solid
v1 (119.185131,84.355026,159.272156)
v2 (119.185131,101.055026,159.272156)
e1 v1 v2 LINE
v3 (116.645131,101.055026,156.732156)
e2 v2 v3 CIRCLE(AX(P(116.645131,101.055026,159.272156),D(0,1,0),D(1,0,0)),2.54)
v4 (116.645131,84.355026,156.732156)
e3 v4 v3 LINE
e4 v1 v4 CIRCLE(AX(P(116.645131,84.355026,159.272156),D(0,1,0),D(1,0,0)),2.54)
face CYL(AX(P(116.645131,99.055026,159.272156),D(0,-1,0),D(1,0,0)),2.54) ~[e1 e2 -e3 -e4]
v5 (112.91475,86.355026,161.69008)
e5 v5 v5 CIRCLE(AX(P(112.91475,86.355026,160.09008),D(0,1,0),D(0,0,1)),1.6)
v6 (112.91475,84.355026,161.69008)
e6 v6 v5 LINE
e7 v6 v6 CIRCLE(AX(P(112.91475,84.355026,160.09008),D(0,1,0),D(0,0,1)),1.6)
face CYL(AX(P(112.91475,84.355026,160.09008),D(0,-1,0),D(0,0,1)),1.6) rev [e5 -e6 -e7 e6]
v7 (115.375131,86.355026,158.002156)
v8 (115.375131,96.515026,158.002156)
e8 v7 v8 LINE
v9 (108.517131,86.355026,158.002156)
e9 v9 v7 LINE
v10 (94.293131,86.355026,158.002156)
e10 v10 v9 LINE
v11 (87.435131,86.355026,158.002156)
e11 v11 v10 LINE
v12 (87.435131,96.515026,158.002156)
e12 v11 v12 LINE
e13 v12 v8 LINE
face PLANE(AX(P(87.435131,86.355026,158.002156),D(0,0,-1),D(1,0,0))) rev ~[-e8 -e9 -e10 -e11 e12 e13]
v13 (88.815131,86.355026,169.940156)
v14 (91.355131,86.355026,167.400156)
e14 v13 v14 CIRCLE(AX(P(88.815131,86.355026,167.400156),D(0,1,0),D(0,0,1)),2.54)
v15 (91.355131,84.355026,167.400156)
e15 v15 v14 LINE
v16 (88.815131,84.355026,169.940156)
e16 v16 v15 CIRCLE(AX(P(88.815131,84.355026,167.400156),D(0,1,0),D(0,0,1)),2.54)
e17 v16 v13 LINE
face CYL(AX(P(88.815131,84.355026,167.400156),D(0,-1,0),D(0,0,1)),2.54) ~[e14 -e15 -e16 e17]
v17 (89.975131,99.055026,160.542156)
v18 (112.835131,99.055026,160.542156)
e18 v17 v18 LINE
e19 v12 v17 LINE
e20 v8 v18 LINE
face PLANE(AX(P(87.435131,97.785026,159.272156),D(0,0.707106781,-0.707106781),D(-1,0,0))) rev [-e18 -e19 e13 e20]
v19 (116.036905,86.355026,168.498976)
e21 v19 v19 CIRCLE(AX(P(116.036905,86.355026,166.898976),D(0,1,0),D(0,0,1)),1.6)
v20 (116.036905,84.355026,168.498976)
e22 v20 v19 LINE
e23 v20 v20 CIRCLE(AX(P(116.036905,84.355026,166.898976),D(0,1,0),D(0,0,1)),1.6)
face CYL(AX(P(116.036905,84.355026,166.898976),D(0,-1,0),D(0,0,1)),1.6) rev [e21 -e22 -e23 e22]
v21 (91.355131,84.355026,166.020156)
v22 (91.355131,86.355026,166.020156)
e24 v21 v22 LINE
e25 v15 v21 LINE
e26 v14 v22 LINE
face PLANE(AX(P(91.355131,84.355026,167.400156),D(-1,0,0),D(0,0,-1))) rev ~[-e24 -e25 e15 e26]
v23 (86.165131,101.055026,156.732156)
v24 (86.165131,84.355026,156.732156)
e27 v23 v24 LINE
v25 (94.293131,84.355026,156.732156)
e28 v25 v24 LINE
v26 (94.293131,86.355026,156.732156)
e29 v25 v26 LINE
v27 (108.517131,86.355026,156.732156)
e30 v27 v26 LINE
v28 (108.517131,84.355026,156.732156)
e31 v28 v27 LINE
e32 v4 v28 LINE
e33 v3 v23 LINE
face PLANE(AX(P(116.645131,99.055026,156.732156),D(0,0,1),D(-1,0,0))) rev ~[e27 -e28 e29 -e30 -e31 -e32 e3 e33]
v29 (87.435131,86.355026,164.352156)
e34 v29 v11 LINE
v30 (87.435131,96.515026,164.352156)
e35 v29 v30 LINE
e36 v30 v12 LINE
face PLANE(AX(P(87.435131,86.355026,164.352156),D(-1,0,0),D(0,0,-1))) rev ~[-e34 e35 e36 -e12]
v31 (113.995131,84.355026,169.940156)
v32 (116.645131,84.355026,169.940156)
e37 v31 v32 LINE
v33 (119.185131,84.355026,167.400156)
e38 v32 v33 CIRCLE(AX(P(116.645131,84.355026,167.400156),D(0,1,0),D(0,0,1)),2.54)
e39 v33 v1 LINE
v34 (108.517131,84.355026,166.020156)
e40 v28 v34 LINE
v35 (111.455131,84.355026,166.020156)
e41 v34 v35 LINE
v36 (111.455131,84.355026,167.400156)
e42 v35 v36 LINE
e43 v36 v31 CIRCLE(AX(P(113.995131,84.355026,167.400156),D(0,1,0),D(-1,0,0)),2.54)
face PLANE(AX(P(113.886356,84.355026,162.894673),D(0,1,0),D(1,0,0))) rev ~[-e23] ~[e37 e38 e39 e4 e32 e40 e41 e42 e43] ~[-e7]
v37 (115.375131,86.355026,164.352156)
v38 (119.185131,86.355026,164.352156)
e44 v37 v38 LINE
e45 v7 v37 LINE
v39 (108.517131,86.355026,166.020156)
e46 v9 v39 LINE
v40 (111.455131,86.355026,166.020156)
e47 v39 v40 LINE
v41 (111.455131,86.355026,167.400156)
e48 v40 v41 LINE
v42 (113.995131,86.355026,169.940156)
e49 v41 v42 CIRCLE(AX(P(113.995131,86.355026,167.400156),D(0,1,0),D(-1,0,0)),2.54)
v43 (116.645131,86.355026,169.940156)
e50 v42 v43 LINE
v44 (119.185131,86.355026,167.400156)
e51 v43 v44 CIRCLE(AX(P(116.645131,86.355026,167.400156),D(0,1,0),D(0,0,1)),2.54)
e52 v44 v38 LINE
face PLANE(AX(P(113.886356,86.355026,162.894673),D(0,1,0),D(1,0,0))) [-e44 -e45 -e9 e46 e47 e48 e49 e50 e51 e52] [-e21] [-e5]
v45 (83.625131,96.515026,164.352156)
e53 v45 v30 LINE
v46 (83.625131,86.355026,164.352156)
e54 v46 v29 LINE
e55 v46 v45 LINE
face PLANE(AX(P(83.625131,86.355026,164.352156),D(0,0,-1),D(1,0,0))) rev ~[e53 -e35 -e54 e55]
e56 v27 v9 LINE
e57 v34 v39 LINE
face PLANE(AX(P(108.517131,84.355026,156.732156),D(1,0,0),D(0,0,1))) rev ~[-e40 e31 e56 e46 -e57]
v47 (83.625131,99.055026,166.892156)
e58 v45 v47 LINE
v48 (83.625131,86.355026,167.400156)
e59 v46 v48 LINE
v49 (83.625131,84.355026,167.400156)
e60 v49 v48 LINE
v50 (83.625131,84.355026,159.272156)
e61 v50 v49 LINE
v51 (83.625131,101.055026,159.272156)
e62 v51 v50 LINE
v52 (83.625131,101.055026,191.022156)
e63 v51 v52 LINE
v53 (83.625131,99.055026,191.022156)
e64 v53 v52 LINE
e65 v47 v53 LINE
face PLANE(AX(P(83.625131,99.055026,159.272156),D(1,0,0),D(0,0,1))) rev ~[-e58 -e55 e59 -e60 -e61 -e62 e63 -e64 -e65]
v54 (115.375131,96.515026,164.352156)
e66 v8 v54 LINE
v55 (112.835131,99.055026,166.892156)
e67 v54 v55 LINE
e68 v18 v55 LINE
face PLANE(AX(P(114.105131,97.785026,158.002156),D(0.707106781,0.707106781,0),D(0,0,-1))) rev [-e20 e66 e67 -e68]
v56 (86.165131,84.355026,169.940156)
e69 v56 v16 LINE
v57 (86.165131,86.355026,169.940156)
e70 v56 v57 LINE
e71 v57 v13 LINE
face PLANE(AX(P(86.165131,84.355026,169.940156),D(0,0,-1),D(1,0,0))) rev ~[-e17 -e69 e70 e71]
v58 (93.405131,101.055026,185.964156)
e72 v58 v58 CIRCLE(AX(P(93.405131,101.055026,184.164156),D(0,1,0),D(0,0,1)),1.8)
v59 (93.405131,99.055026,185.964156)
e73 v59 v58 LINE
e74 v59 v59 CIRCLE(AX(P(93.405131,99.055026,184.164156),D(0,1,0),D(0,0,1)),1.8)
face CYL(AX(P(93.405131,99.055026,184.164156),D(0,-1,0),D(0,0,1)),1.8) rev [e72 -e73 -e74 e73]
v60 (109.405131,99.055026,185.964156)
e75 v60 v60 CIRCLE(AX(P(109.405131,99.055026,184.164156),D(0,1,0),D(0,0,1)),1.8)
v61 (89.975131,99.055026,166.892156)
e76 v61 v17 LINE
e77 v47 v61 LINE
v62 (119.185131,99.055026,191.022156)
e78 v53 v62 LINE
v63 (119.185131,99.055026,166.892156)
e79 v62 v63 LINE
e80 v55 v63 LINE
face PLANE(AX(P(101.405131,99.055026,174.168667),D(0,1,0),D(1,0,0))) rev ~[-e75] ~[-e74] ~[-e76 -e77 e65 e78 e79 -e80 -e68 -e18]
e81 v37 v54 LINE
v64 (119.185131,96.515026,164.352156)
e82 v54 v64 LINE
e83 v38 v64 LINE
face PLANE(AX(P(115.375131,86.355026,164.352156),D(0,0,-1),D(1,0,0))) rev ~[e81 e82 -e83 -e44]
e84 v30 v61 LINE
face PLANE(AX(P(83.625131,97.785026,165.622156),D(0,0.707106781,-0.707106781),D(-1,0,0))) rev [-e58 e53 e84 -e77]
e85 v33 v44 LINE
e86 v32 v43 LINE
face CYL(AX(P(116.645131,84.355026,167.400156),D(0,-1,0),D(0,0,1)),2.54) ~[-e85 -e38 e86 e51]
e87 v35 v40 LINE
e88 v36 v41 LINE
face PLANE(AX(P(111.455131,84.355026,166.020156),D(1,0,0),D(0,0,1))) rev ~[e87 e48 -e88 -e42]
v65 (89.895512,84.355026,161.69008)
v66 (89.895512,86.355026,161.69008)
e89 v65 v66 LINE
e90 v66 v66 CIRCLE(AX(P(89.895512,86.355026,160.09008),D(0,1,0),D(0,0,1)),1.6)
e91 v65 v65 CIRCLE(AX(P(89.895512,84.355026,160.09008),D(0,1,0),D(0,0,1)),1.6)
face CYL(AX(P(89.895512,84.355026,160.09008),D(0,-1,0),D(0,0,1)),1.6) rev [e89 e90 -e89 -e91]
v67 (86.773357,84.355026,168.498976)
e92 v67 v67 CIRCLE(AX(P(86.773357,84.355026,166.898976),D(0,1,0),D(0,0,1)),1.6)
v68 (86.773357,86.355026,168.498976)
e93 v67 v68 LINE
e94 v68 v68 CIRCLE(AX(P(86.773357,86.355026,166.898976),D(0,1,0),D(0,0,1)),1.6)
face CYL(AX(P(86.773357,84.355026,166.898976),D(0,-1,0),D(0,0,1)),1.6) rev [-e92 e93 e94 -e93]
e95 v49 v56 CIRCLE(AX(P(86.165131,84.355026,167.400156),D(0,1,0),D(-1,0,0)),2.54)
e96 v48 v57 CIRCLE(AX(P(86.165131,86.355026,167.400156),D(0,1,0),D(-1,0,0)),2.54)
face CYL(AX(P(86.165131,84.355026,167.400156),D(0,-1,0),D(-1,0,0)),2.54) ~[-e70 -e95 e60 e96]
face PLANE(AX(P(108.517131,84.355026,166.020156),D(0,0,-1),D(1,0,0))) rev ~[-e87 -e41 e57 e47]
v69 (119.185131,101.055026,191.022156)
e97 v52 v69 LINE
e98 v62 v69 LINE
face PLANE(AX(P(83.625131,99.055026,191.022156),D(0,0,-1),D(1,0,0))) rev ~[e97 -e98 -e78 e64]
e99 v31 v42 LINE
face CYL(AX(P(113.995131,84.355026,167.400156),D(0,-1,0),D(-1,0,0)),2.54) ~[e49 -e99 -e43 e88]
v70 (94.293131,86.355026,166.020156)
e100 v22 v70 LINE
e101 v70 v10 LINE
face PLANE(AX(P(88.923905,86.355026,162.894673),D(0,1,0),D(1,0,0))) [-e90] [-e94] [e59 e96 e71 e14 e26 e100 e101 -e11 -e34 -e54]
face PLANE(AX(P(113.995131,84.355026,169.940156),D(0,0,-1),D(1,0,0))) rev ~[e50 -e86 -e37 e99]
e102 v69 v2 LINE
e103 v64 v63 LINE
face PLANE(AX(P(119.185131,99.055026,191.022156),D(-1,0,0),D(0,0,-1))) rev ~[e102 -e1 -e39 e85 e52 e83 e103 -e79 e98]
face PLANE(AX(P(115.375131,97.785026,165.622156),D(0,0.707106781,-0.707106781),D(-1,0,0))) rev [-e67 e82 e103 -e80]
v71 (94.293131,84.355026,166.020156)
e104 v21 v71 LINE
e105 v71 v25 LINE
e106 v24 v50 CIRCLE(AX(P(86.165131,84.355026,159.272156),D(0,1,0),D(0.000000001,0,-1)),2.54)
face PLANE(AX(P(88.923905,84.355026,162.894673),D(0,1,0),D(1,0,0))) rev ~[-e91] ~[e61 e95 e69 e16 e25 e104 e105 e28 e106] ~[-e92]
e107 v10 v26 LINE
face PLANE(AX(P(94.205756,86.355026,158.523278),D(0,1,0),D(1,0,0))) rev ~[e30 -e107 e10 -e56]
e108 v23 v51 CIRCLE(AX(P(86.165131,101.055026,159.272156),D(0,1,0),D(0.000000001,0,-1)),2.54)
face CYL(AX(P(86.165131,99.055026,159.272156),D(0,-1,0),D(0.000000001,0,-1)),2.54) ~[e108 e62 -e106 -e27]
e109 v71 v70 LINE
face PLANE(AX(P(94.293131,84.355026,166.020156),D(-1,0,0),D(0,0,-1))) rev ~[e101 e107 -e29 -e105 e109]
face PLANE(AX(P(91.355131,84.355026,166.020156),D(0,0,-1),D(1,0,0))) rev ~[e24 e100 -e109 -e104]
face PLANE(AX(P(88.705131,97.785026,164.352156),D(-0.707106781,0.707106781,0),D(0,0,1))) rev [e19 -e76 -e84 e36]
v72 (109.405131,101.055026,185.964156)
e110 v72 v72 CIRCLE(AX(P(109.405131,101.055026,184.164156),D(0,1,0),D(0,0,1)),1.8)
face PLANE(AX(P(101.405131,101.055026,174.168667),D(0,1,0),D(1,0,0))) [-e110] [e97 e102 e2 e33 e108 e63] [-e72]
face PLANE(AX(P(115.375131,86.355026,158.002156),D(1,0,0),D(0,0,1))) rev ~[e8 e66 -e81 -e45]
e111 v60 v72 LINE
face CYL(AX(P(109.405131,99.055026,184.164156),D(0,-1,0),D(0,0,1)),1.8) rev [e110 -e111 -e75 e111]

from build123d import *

# Parameters (mm, degrees)
SKETCH2_R             = 1.6
BOSS_EXTRUDE1_DEPTH   = 2
BOSS_EXTRUDE1_2_DEPTH = 2
BOSS_EXTRUDE2_DEPTH   = 12.7
SKETCH4_R             = 1.8
BOSS_EXTRUDE3_DEPTH   = 2
CHAMFER1_SIZE         = 2.54


with BuildPart() as part:
    # Sketch2 → Boss-Extrude1 (new body)
    with BuildSketch(Plane(origin=(0, 84.355025863, 0), x_dir=(1, 0, 0), z_dir=(0, 1, 0))):
        with BuildLine():
            Line((86.165130669, -169.940155685), (88.815130669, -169.940155685))
            ThreePointArc((88.815130669, -169.940155685), (90.611181893, -169.196206909), (91.355130669, -167.400155685))
            Line((91.355130669, -167.400155685), (91.355130669, -166.020155685))
            Line((91.355130669, -166.020155685), (94.293130669, -166.020155685))
            Line((94.293130669, -166.020155685), (94.293130669, -163.082155685))
            Line((94.293130669, -163.082155685), (94.293130669, -156.732155685))
            Line((94.293130669, -156.732155685), (86.165130669, -156.732155685))
            ThreePointArc((86.165130669, -156.732155685), (84.369079444, -157.47610446), (83.625130669, -159.272155685))
            Line((83.625130669, -159.272155685), (83.625130669, -167.400155685))
            ThreePointArc((83.625130669, -167.400155685), (84.369079444, -169.196206909), (86.165130669, -169.940155685))
        make_face()
        with Locations(Location((86.773356517, -166.898975693, 0), (0, 0, 270))):
            Circle(SKETCH2_R, mode=Mode.SUBTRACT)
        with Locations(Location((89.895511725, -160.090079663, 0), (0, 0, 270))):
            Circle(SKETCH2_R, mode=Mode.SUBTRACT)
    extrude(amount=BOSS_EXTRUDE1_DEPTH)



with BuildPart() as body_2:
    # Sketch2 → Boss-Extrude1 2 (new body)
    with BuildSketch(Plane(origin=(0, 84.355025863, 0), x_dir=(1, 0, 0), z_dir=(0, 1, 0))):
        with BuildLine():
            Line((113.995130669, -169.940155685), (116.645130669, -169.940155685))
            ThreePointArc((116.645130669, -169.940155685), (118.441181893, -169.196206909), (119.185130669, -167.400155685))
            Line((119.185130669, -167.400155685), (119.185130669, -159.272155685))
            ThreePointArc((119.185130669, -159.272155685), (118.441181893, -157.47610446), (116.645130669, -156.732155685))
            Line((116.645130669, -156.732155685), (108.517130669, -156.732155685))
            Line((108.517130669, -156.732155685), (108.517130669, -163.082155685))
            Line((108.517130669, -163.082155685), (108.517130669, -166.020155685))
            Line((108.517130669, -166.020155685), (111.455130669, -166.020155685))
            Line((111.455130669, -166.020155685), (111.455130669, -167.400155685))
            ThreePointArc((111.455130669, -167.400155685), (112.199079444, -169.196206909), (113.995130669, -169.940155685))
        make_face()
        with Locations(Location((116.03690482, -166.898975693, 0), (0, 0, 270))):
            Circle(SKETCH2_R, mode=Mode.SUBTRACT)
        with Locations(Location((112.914749612, -160.090079663, 0), (0, 0, 270))):
            Circle(SKETCH2_R, mode=Mode.SUBTRACT)
    extrude(amount=BOSS_EXTRUDE1_2_DEPTH)


with BuildPart() as part_1:
    add(part.part)

    add(body_2.part)  # Boss-Extrude2 merges body 2
    # Sketch3 → Boss-Extrude2 (add)
    with BuildSketch(Plane(origin=(0, 86.355025863, 0), x_dir=(1, 0, 0), z_dir=(0, 1, 0))):
        with BuildLine():
            Line((108.517130669, -158.002155685), (108.517130669, -156.732155685))
            Line((108.517130669, -156.732155685), (94.293130669, -156.732155685))
            Line((94.293130669, -156.732155685), (86.165130669, -156.732155685))
            ThreePointArc((86.165130669, -156.732155685), (84.369079444, -157.47610446), (83.625130669, -159.272155685))
            Line((83.625130669, -159.272155685), (83.625130669, -164.352155685))
            Line((83.625130669, -164.352155685), (87.435130669, -164.352155685))
            Line((87.435130669, -164.352155685), (87.435130669, -158.002155685))
            Line((87.435130669, -158.002155685), (108.517130669, -158.002155685))
        make_face()
        with BuildLine():
            Line((115.375130669, -164.352155685), (119.185130669, -164.352155685))
            Line((119.185130669, -164.352155685), (119.185130669, -159.272155685))
            ThreePointArc((119.185130669, -159.272155685), (118.441181893, -157.47610446), (116.645130669, -156.732155685))
            Line((116.645130669, -156.732155685), (108.517130669, -156.732155685))
            Line((108.517130669, -156.732155685), (108.517130669, -158.002155685))
            Line((108.517130669, -158.002155685), (115.375130669, -158.002155685))
            Line((115.375130669, -158.002155685), (115.375130669, -164.352155685))
        make_face()
    extrude(amount=BOSS_EXTRUDE2_DEPTH)

    # Sketch4 → Boss-Extrude3 (add)
    with BuildSketch(Plane(origin=(0, 99.055025863, 0), x_dir=(1, 0, 0), z_dir=(0, 1, 0))):
        with BuildLine():
            Line((83.625130669, -164.352155685), (83.625130669, -191.022155685))
            Line((83.625130669, -191.022155685), (119.185130669, -191.022155685))
            Line((119.185130669, -191.022155685), (119.185130669, -164.352155685))
            Line((119.185130669, -164.352155685), (119.185130669, -159.272155685))
            ThreePointArc((119.185130669, -159.272155685), (118.441181893, -157.47610446), (116.645130669, -156.732155685))
            Line((116.645130669, -156.732155685), (86.165130669, -156.732155685))
            ThreePointArc((86.165130669, -156.732155685), (84.369079444, -157.47610446), (83.625130669, -159.272155685))
            Line((83.625130669, -159.272155685), (83.625130669, -164.352155685))
        make_face()
        with Locations(Location((93.405130669, -184.164155685, 0), (0, 0, 270))):
            Circle(SKETCH4_R, mode=Mode.SUBTRACT)
        with Locations(Location((109.405130669, -184.164155685, 0), (0, 0, 270))):
            Circle(SKETCH4_R, mode=Mode.SUBTRACT)
    extrude(amount=BOSS_EXTRUDE3_DEPTH)

    # Chamfer1
    chamfer1_edges = [part_1.edges().sort_by_distance(p)[0] for p in [
        (85.530130669, 99.055025863, 164.352155685),
        (87.435130669, 99.055025863, 161.177155685),
        (101.405130669, 99.055025863, 158.002155685),
        (115.375130669, 99.055025863, 161.177155685),
        (117.280130669, 99.055025863, 164.352155685),
    ]]
    chamfer(chamfer1_edges, length=CHAMFER1_SIZE)


solid = part_1.part
